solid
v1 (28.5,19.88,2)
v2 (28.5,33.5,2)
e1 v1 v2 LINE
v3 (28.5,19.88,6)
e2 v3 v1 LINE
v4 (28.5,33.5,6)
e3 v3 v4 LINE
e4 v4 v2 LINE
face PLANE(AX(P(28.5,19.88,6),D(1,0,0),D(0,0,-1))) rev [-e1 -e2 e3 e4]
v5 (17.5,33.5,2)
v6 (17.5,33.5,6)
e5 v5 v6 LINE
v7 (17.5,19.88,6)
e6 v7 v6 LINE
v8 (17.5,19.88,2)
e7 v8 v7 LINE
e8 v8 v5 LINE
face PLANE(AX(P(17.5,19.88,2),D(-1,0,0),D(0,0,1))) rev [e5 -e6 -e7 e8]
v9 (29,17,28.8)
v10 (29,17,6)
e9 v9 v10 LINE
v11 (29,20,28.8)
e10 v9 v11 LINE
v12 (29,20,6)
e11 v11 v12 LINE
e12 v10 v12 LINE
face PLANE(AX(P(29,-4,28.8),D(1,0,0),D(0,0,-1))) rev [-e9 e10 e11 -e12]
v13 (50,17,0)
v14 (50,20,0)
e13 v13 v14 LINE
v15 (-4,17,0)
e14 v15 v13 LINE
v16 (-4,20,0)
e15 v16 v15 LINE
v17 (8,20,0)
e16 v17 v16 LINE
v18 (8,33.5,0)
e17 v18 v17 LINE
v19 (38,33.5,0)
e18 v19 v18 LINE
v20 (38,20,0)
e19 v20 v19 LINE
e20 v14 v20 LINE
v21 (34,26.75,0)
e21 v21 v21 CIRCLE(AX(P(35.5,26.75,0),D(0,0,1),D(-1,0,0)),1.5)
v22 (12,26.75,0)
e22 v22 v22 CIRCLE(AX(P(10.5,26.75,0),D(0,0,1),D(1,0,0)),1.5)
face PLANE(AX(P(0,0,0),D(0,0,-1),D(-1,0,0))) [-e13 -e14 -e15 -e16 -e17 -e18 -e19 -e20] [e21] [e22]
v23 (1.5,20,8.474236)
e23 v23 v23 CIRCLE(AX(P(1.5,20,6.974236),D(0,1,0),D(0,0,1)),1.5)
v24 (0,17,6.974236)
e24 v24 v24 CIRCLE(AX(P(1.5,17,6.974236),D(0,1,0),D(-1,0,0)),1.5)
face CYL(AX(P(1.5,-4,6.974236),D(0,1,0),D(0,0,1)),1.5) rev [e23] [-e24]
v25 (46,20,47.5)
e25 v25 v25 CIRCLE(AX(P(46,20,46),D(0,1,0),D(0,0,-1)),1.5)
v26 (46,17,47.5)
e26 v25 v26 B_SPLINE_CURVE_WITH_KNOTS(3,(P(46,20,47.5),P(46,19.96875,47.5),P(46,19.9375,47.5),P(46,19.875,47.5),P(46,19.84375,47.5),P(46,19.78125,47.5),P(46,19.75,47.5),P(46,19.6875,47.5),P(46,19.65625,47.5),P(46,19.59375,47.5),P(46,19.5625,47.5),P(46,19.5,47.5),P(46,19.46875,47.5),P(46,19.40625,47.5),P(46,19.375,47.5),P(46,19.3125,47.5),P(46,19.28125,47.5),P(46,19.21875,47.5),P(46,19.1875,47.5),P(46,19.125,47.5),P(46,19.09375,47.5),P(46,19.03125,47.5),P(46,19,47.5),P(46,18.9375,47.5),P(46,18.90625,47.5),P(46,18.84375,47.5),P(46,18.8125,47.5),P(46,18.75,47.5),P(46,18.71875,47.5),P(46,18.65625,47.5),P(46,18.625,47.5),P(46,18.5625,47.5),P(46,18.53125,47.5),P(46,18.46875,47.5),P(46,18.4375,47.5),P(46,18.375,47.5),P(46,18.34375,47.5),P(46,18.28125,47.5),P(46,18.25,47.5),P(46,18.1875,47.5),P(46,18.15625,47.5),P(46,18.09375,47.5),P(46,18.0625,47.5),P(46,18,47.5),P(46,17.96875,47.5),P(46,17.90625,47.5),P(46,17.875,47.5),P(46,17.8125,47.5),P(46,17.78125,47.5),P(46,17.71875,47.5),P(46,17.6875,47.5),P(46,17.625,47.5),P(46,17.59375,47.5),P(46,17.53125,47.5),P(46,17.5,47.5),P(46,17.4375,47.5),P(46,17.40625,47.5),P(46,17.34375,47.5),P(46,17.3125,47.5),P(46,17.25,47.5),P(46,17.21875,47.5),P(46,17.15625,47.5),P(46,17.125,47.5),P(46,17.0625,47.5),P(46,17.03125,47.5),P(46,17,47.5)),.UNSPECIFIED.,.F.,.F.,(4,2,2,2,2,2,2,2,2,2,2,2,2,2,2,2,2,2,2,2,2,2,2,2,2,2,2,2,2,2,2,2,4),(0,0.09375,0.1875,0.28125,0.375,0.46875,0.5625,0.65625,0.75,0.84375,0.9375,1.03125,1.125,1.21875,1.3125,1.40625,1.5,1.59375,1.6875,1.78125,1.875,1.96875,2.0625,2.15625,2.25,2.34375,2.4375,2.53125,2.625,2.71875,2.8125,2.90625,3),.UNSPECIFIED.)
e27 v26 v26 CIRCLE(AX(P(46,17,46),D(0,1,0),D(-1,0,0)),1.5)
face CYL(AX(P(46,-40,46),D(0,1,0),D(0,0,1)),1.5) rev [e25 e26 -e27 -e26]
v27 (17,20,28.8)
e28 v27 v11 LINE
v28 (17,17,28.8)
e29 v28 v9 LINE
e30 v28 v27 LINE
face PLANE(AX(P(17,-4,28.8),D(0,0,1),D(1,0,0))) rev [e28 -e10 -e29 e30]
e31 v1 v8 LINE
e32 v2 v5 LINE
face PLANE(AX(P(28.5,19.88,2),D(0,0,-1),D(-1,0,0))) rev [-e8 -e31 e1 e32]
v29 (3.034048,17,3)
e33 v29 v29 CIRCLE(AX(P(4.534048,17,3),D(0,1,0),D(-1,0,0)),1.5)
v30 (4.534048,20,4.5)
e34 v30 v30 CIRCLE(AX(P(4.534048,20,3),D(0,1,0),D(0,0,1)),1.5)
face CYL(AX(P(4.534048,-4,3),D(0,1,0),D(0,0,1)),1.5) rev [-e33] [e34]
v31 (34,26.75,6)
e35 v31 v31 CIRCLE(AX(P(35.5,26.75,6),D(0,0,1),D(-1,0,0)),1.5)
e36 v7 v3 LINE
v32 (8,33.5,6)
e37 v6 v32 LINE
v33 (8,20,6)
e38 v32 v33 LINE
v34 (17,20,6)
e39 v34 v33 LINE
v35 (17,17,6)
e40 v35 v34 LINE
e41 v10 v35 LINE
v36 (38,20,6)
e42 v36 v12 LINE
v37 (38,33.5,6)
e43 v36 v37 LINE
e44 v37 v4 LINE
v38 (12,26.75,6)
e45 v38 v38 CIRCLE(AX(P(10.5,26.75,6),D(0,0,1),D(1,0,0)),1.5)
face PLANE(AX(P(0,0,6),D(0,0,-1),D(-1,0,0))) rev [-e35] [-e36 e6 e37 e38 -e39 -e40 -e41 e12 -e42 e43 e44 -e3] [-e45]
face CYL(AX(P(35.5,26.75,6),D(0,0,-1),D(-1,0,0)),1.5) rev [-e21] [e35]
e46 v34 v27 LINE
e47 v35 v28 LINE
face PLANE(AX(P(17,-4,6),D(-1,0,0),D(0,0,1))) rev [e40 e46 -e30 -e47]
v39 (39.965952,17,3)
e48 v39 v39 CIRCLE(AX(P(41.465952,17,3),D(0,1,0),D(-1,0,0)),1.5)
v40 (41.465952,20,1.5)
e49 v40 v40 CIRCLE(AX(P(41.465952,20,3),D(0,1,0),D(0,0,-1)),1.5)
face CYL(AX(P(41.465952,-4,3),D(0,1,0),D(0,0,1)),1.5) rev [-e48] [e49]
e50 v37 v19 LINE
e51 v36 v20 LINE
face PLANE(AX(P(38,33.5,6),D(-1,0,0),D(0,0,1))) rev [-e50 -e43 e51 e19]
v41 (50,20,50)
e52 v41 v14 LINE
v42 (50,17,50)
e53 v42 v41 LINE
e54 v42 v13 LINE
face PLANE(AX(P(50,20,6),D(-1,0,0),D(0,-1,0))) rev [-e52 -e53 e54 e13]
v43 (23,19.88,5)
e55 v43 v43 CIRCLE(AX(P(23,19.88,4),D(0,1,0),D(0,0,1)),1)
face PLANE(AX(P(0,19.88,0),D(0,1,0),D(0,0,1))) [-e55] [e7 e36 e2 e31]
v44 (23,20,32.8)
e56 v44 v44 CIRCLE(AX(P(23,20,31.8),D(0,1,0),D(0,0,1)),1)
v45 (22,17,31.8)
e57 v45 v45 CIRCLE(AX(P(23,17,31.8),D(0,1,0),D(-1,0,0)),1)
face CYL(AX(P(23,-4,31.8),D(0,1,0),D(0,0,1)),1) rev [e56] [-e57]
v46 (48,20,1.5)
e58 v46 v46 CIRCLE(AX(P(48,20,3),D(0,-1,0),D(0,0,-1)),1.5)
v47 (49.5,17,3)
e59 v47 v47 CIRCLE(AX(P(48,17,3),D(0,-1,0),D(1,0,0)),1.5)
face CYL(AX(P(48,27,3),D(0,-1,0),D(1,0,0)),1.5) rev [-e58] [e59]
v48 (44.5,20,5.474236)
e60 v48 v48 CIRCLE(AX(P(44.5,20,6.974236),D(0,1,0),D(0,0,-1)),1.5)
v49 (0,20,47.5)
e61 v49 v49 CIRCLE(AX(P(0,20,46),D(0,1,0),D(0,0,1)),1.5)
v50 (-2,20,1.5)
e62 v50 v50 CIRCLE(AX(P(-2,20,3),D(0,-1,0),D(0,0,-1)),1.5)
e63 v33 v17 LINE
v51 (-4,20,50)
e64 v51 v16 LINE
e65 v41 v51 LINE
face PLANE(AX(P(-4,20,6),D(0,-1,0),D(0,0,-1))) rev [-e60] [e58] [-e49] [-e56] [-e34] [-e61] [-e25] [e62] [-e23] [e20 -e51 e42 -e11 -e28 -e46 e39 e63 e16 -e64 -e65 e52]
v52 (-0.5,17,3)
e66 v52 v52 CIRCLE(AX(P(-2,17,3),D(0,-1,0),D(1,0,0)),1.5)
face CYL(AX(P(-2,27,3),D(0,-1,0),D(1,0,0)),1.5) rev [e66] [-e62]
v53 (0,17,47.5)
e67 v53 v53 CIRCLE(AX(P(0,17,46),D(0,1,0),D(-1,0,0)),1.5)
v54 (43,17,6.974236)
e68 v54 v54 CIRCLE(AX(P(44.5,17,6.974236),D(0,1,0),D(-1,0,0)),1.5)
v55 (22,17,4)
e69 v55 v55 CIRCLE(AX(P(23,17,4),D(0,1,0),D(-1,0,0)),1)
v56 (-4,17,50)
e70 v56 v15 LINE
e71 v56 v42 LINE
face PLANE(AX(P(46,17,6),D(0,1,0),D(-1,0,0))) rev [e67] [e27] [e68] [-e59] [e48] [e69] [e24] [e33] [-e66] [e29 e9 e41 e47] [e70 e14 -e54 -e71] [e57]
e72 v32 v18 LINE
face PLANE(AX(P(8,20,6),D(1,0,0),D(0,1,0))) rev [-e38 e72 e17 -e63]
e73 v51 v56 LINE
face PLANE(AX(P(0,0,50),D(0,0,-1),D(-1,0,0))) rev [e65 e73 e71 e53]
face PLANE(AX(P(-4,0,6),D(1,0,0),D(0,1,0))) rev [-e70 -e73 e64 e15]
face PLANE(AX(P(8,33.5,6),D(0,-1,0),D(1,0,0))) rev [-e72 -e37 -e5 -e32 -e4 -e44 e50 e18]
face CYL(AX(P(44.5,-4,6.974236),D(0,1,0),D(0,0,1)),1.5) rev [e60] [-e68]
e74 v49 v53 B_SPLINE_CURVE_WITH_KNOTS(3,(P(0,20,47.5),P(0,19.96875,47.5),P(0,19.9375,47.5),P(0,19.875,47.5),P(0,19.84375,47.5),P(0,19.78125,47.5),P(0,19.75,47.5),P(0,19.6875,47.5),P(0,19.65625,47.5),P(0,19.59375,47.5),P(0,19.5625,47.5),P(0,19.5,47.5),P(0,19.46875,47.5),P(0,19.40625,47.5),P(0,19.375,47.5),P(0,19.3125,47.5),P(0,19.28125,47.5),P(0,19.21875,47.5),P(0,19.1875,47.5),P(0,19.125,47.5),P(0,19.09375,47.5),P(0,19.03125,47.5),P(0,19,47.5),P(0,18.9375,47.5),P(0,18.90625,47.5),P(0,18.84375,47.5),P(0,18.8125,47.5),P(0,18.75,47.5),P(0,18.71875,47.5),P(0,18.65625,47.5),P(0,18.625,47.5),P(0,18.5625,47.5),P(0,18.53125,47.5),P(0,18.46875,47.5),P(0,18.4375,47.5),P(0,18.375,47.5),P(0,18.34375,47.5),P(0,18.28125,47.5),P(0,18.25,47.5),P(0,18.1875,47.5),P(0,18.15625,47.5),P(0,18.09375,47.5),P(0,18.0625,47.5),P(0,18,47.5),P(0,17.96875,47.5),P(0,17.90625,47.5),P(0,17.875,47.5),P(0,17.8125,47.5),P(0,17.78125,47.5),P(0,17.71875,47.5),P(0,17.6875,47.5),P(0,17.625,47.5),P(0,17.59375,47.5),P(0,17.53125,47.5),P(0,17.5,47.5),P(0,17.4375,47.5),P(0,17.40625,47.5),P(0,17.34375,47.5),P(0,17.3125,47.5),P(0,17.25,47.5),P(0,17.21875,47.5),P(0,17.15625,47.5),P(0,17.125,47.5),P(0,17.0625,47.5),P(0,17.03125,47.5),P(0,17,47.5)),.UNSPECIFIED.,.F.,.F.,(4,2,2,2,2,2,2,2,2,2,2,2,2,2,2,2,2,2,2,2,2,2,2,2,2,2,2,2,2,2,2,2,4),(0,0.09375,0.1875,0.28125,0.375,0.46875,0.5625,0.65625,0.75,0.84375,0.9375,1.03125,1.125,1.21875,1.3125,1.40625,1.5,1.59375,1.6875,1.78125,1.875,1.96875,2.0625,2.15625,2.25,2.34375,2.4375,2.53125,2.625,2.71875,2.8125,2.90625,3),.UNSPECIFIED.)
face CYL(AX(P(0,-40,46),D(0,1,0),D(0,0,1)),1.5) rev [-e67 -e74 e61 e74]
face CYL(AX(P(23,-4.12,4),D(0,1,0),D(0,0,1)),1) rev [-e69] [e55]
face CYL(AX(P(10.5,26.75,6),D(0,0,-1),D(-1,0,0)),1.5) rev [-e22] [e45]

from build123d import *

# Parameters (mm, degrees)
SKETCH1_R           = 1.5
BOSS_EXTRUDE1_DEPTH = 6
SKETCH2_W           = 54
SKETCH2_H           = 3
BOSS_EXTRUDE2_DEPTH = 50
SKETCH4_R           = 1.5
SKETCH4_R_2         = 1
SKETCH4_W           = 12
SKETCH4_H           = 22.8
CUT_EXTRUDE1_DEPTH  = 24
SKETCH5_W           = 11
SKETCH5_H           = 4
CUT_EXTRUDE2_DEPTH  = 13.62
SKETCH6_R           = 1
CUT_EXTRUDE3_DEPTH  = 24
SKETCH7_R           = 1.5
CUT_EXTRUDE4_DEPTH  = 7
SKETCH8_R           = 1.5
CUT_EXTRUDE5_DEPTH  = 7
SKETCH3_R           = 1.5
CUT_EXTRUDE6_DEPTH  = 60
SKETCH9_R           = 1.5
CUT_EXTRUDE7_DEPTH  = 10


with BuildPart() as part:
    # Sketch1 → Boss-Extrude1 (new body)
    with BuildSketch(Plane.XY):
        Polygon((0, 0), (-4, 0), (-4, 20), (8, 20), (8, 33.5), (38, 33.5), (38, 20), (50, 20), (50, 0), (46, 0), (46, 17), (0, 17), align=None)
        with Locations((10.5, 26.75)):
            Circle(SKETCH1_R, mode=Mode.SUBTRACT)
        with Locations(Location((35.5, 26.75, 0), (0, 0, 180))):
            Circle(SKETCH1_R, mode=Mode.SUBTRACT)
    extrude(amount=BOSS_EXTRUDE1_DEPTH)

    # Sketch2 → Boss-Extrude2 (add)
    with BuildSketch(Plane.XY):
        with Locations((23, 18.5)):
            Rectangle(SKETCH2_W, SKETCH2_H)
    extrude(amount=BOSS_EXTRUDE2_DEPTH)

    # Sketch4 → Cut-Extrude1 (cut)
    with BuildSketch(Plane(origin=(0, 20, 0), x_dir=(1, 0, 0), z_dir=(0, 1, 0))):
        with Locations(Location((4.534048473, -3, 0), (0, 0, 270))):
            Circle(SKETCH4_R)
        with Locations(Location((1.5, -6.974235758, 0), (0, 0, 270))):
            Circle(SKETCH4_R)
        with Locations(Location((41.465951527, -3, 0), (0, 0, 180))):
            Circle(SKETCH4_R)
        with Locations(Location((44.5, -6.974235758, 0), (0, 0, 180))):
            Circle(SKETCH4_R)
        with Locations(Location((23, -31.8, 0), (0, 0, 270))):
            Circle(SKETCH4_R_2)
        with Locations((23, -17.4)):
            Rectangle(SKETCH4_W, SKETCH4_H)
    extrude(amount=-CUT_EXTRUDE1_DEPTH, mode=Mode.SUBTRACT)

    # Sketch5 → Cut-Extrude2 (cut)
    with BuildSketch(Plane(origin=(0, 33.5, 0), x_dir=(1, 0, 0), z_dir=(0, 1, 0))):
        with Locations((23, -4)):
            Rectangle(SKETCH5_W, SKETCH5_H)
    extrude(amount=-CUT_EXTRUDE2_DEPTH, mode=Mode.SUBTRACT)

    # Sketch6 → Cut-Extrude3 (cut)
    with BuildSketch(Plane(origin=(0, 19.88, 0), x_dir=(1, 0, 0), z_dir=(0, 1, 0))):
        with Locations(Location((23, -4, 0), (0, 0, 270))):
            Circle(SKETCH6_R)
    extrude(amount=-CUT_EXTRUDE3_DEPTH, mode=Mode.SUBTRACT)

    # Sketch7 → Cut-Extrude4 (cut)
    with BuildSketch(Plane.XZ):
        with Locations((48, 3)):
            Circle(SKETCH7_R)
    extrude(amount=-CUT_EXTRUDE4_DEPTH, mode=Mode.SUBTRACT)

    # Sketch8 → Cut-Extrude5 (cut)
    with BuildSketch(Plane.XZ):
        with Locations(Location((-2, 3, 0), (0, 0, 270))):
            Circle(SKETCH8_R)
    extrude(amount=-CUT_EXTRUDE5_DEPTH, mode=Mode.SUBTRACT)

    # Sketch3 → Cut-Extrude6 (cut)
    with BuildSketch(Plane(origin=(0, 20, 0), x_dir=(1, 0, 0), z_dir=(0, 1, 0))):
        with Locations(Location((0, -46, 0), (0, 0, 270))):
            Circle(SKETCH3_R)
        with Locations(Location((46, -46, 0), (0, 0, 270))):
            Circle(SKETCH3_R)
    extrude(amount=-CUT_EXTRUDE6_DEPTH, mode=Mode.SUBTRACT)

    # Sketch9 → Cut-Extrude7 (cut)
    with BuildSketch(Plane.XZ.offset(-17)):
        with Locations((48, 3)):
            Circle(SKETCH9_R)
        with Locations(Location((-2, 3, 0), (0, 0, 270))):
            Circle(SKETCH9_R)
    extrude(amount=-CUT_EXTRUDE7_DEPTH, mode=Mode.SUBTRACT)

    # SurfaceCut1
    split(bisect_by=Plane(origin=(0, 17, 0), x_dir=(-1, 0, 0), z_dir=(0, -1, 0)), keep=Keep.BOTTOM)


solid = part.part
